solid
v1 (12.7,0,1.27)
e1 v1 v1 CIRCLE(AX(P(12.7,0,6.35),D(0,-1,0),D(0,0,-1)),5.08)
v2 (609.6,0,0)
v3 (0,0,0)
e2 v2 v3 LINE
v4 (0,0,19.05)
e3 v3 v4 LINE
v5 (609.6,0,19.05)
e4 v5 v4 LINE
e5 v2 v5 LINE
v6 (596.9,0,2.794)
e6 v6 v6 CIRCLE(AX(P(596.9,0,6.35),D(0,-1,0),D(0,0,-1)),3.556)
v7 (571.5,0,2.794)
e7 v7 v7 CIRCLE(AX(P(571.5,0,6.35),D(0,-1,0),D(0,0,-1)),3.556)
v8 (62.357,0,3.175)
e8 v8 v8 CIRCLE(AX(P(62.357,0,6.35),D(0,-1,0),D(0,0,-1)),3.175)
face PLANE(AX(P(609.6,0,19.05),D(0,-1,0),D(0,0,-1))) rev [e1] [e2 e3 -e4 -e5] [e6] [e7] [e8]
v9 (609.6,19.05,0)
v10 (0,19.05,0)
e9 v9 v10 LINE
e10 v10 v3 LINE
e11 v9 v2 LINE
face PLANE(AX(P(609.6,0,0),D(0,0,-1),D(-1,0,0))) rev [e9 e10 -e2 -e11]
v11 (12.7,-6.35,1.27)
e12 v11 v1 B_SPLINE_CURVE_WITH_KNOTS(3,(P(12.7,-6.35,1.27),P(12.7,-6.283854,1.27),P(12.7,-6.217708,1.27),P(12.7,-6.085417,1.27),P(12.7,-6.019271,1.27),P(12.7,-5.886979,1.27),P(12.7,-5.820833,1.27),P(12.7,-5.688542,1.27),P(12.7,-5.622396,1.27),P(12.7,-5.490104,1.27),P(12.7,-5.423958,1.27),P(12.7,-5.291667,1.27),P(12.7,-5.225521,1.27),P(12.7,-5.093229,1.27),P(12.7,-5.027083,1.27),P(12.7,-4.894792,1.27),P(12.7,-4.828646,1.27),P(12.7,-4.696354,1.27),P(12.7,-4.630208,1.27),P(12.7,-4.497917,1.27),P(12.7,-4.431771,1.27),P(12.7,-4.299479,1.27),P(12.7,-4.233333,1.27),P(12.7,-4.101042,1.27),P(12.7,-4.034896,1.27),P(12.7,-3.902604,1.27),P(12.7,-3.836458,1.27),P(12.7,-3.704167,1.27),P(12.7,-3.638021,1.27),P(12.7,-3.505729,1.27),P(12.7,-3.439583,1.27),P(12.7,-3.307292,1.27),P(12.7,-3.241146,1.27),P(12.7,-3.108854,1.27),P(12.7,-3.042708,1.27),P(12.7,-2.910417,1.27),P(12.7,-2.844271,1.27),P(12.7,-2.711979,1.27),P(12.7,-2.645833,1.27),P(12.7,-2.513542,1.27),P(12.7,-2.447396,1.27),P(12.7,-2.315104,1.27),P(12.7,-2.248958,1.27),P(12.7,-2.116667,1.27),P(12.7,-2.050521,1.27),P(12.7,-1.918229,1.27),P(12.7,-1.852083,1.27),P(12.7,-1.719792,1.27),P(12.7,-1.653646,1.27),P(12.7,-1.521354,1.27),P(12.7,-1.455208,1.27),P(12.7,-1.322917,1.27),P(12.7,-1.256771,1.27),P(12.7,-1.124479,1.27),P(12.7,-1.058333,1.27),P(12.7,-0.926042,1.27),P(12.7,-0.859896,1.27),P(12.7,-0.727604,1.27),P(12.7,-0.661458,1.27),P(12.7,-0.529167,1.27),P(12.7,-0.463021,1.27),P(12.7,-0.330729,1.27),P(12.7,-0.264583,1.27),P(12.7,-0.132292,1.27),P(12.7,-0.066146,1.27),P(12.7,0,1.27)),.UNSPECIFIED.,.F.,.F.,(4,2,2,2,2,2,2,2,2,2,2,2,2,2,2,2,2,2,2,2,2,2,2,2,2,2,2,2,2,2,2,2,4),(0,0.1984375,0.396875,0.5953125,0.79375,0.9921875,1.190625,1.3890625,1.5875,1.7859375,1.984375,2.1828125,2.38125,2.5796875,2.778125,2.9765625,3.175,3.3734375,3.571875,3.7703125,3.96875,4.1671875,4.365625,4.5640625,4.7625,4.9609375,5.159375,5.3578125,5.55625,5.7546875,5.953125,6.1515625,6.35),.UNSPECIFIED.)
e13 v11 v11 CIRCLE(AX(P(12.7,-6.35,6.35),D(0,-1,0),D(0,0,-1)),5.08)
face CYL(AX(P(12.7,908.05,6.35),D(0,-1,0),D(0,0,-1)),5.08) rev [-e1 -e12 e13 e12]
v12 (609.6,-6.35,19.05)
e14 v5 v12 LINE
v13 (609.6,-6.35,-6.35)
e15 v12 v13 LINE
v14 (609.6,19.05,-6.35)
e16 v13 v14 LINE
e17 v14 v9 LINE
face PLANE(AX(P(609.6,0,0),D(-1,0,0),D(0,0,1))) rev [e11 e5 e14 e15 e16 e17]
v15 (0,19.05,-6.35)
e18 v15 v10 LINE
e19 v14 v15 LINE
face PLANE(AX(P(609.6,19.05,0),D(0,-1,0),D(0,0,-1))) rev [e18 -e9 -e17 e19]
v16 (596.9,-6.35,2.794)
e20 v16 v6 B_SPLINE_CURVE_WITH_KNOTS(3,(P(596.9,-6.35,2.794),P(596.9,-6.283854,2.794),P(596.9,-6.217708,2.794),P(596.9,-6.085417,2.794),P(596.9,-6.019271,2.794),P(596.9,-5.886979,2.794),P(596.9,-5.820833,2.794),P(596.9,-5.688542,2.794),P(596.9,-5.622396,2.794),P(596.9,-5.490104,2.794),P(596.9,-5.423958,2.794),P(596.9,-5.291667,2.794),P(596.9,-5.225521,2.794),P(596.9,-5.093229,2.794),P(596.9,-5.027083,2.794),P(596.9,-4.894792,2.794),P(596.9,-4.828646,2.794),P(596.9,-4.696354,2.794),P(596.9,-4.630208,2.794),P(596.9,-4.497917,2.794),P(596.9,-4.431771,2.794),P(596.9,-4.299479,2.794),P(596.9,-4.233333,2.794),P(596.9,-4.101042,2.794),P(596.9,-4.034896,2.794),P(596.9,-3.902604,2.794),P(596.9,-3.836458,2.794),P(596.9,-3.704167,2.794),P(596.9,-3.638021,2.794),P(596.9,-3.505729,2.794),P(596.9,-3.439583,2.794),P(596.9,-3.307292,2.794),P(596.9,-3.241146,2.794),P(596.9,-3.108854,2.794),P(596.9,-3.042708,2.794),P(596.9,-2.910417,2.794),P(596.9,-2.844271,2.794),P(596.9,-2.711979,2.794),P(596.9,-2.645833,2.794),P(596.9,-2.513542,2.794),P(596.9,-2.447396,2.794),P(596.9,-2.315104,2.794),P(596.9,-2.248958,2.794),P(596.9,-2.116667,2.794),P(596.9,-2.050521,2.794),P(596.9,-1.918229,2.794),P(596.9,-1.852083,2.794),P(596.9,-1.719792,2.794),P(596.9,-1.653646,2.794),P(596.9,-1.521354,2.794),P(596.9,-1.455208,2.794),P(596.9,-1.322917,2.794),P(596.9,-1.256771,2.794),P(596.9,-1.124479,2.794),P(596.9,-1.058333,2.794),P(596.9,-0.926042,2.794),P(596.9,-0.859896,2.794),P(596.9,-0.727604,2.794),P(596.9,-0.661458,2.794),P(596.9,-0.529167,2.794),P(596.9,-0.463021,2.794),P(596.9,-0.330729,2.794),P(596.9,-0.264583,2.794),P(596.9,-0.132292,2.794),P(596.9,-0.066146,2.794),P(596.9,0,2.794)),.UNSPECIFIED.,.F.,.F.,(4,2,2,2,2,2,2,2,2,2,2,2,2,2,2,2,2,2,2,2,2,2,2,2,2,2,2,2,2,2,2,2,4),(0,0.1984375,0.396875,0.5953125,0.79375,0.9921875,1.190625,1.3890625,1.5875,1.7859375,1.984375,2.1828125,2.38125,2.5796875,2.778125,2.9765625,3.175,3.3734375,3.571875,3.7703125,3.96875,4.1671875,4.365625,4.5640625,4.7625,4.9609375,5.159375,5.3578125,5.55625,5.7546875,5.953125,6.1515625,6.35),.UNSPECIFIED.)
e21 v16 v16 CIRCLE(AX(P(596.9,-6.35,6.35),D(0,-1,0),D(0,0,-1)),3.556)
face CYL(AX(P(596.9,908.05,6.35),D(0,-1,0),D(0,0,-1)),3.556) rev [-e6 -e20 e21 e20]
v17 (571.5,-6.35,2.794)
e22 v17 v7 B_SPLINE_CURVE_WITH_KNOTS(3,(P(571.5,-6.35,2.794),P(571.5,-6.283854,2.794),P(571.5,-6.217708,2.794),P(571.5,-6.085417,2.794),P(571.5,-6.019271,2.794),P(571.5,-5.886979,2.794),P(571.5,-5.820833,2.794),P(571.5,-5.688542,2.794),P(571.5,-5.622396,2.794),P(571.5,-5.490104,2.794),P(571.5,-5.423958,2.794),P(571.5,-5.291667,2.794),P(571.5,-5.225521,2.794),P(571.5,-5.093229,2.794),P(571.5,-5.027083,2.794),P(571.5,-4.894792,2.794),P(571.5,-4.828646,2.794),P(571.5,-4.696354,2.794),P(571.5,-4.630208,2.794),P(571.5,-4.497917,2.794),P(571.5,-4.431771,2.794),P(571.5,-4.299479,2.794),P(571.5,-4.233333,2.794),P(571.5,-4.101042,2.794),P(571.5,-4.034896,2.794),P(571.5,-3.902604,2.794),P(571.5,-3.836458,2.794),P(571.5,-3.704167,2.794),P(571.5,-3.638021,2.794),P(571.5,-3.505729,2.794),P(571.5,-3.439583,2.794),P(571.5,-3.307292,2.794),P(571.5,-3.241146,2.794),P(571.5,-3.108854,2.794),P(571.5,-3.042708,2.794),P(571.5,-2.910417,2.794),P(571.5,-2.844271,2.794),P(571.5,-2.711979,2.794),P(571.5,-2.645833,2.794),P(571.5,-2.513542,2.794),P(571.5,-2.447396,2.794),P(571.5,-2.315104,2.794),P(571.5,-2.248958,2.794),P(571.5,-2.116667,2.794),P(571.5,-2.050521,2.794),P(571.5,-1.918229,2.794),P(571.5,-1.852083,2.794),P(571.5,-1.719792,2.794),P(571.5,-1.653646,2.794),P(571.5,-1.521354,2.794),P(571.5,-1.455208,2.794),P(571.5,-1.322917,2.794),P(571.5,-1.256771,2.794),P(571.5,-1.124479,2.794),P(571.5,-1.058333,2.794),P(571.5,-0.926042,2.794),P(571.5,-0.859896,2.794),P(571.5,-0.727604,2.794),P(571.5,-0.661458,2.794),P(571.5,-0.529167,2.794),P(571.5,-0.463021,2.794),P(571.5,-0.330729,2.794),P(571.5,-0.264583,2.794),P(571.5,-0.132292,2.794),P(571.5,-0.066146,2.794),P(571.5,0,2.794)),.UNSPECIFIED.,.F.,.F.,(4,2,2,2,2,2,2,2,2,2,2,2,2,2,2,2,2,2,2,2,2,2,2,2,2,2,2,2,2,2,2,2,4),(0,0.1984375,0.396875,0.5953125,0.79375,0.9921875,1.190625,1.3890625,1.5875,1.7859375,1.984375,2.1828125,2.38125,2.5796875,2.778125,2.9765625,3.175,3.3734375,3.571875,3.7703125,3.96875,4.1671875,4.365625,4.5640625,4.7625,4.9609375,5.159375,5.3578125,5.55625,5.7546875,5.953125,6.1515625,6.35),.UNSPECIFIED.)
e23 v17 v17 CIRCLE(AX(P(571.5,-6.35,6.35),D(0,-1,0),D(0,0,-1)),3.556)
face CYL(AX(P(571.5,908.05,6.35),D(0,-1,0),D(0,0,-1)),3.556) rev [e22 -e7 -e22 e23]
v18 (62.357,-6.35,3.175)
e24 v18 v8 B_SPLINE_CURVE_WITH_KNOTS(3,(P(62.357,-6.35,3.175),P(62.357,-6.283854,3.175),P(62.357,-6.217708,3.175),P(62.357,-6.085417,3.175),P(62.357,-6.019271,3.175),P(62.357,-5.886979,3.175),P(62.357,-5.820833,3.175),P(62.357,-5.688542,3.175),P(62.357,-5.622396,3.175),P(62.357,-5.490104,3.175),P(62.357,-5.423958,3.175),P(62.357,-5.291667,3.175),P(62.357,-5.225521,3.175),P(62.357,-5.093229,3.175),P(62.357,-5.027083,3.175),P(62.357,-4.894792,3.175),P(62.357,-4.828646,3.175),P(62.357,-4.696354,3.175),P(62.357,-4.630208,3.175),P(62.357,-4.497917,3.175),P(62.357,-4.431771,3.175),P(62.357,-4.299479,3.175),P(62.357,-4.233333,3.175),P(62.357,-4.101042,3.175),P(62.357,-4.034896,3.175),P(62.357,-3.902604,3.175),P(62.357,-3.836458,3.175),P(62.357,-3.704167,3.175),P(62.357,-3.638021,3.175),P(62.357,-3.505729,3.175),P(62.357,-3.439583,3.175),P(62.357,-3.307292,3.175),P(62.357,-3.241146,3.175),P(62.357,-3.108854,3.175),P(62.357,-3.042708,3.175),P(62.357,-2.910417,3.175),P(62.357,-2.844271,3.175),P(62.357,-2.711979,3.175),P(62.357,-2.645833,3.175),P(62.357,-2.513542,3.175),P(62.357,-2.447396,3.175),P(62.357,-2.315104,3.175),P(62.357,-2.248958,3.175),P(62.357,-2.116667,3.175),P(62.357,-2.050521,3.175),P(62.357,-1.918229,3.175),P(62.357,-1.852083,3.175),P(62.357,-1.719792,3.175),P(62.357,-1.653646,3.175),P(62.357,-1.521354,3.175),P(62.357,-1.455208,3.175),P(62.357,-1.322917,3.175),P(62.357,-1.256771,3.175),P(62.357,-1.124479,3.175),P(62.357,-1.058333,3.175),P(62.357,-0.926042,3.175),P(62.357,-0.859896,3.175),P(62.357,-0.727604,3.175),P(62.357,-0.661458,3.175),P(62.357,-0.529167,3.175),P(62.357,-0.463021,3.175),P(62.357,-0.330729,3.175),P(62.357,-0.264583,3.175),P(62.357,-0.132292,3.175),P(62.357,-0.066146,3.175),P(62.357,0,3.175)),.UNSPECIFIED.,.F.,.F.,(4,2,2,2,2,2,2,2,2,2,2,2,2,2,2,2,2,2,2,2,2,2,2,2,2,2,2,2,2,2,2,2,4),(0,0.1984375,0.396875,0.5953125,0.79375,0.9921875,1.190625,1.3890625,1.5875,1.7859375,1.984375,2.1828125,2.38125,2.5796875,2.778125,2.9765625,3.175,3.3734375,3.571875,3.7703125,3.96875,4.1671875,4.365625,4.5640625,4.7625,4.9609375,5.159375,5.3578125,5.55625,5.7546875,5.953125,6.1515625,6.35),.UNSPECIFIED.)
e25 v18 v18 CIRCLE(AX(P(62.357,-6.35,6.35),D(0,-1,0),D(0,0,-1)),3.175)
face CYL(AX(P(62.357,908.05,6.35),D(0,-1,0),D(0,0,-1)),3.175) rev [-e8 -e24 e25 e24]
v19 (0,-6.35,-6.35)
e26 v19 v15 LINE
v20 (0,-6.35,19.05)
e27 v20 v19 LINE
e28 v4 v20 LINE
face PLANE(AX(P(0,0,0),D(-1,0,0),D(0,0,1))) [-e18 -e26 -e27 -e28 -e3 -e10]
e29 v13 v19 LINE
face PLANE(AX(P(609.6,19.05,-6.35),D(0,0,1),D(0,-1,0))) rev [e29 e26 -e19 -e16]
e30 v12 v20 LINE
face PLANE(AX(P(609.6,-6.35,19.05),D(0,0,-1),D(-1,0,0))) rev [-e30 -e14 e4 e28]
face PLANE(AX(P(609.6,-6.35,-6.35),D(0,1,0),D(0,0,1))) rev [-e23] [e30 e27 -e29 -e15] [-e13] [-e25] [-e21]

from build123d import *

# Parameters (mm, degrees)
BOSS_EXTRUDE1_DEPTH = 609.6
SKETCH2_R           = 5.08
SKETCH2_R_2         = 3.175
SKETCH2_R_3         = 3.556
CUT_EXTRUDE1_DEPTH  = 914.4


with BuildPart() as part:
    # Sketch1 → Boss-Extrude1 (new body)
    with BuildSketch(Plane(origin=(0, 0, 0), x_dir=(0, 0, -1), z_dir=(1, 0, 0))):
        Polygon((0, 0), (0, 19.05), (6.35, 19.05), (6.35, -6.35), (-19.05, -6.35), (-19.05, 0), align=None)
    extrude(amount=BOSS_EXTRUDE1_DEPTH)

    # Sketch2 → Cut-Extrude1 (cut)
    with BuildSketch(Plane.XZ.offset(6.35)):
        with Locations(Location((12.7, 6.35, 0), (0, 0, 270))):
            Circle(SKETCH2_R)
        with Locations(Location((62.357, 6.35, 0), (0, 0, 270))):
            Circle(SKETCH2_R_2)
        with Locations(Location((596.9, 6.35, 0), (0, 0, 270))):
            Circle(SKETCH2_R_3)
        with Locations(Location((571.5, 6.35, 0), (0, 0, 270))):
            Circle(SKETCH2_R_3)
    extrude(amount=-CUT_EXTRUDE1_DEPTH, mode=Mode.SUBTRACT)


solid = part.part
